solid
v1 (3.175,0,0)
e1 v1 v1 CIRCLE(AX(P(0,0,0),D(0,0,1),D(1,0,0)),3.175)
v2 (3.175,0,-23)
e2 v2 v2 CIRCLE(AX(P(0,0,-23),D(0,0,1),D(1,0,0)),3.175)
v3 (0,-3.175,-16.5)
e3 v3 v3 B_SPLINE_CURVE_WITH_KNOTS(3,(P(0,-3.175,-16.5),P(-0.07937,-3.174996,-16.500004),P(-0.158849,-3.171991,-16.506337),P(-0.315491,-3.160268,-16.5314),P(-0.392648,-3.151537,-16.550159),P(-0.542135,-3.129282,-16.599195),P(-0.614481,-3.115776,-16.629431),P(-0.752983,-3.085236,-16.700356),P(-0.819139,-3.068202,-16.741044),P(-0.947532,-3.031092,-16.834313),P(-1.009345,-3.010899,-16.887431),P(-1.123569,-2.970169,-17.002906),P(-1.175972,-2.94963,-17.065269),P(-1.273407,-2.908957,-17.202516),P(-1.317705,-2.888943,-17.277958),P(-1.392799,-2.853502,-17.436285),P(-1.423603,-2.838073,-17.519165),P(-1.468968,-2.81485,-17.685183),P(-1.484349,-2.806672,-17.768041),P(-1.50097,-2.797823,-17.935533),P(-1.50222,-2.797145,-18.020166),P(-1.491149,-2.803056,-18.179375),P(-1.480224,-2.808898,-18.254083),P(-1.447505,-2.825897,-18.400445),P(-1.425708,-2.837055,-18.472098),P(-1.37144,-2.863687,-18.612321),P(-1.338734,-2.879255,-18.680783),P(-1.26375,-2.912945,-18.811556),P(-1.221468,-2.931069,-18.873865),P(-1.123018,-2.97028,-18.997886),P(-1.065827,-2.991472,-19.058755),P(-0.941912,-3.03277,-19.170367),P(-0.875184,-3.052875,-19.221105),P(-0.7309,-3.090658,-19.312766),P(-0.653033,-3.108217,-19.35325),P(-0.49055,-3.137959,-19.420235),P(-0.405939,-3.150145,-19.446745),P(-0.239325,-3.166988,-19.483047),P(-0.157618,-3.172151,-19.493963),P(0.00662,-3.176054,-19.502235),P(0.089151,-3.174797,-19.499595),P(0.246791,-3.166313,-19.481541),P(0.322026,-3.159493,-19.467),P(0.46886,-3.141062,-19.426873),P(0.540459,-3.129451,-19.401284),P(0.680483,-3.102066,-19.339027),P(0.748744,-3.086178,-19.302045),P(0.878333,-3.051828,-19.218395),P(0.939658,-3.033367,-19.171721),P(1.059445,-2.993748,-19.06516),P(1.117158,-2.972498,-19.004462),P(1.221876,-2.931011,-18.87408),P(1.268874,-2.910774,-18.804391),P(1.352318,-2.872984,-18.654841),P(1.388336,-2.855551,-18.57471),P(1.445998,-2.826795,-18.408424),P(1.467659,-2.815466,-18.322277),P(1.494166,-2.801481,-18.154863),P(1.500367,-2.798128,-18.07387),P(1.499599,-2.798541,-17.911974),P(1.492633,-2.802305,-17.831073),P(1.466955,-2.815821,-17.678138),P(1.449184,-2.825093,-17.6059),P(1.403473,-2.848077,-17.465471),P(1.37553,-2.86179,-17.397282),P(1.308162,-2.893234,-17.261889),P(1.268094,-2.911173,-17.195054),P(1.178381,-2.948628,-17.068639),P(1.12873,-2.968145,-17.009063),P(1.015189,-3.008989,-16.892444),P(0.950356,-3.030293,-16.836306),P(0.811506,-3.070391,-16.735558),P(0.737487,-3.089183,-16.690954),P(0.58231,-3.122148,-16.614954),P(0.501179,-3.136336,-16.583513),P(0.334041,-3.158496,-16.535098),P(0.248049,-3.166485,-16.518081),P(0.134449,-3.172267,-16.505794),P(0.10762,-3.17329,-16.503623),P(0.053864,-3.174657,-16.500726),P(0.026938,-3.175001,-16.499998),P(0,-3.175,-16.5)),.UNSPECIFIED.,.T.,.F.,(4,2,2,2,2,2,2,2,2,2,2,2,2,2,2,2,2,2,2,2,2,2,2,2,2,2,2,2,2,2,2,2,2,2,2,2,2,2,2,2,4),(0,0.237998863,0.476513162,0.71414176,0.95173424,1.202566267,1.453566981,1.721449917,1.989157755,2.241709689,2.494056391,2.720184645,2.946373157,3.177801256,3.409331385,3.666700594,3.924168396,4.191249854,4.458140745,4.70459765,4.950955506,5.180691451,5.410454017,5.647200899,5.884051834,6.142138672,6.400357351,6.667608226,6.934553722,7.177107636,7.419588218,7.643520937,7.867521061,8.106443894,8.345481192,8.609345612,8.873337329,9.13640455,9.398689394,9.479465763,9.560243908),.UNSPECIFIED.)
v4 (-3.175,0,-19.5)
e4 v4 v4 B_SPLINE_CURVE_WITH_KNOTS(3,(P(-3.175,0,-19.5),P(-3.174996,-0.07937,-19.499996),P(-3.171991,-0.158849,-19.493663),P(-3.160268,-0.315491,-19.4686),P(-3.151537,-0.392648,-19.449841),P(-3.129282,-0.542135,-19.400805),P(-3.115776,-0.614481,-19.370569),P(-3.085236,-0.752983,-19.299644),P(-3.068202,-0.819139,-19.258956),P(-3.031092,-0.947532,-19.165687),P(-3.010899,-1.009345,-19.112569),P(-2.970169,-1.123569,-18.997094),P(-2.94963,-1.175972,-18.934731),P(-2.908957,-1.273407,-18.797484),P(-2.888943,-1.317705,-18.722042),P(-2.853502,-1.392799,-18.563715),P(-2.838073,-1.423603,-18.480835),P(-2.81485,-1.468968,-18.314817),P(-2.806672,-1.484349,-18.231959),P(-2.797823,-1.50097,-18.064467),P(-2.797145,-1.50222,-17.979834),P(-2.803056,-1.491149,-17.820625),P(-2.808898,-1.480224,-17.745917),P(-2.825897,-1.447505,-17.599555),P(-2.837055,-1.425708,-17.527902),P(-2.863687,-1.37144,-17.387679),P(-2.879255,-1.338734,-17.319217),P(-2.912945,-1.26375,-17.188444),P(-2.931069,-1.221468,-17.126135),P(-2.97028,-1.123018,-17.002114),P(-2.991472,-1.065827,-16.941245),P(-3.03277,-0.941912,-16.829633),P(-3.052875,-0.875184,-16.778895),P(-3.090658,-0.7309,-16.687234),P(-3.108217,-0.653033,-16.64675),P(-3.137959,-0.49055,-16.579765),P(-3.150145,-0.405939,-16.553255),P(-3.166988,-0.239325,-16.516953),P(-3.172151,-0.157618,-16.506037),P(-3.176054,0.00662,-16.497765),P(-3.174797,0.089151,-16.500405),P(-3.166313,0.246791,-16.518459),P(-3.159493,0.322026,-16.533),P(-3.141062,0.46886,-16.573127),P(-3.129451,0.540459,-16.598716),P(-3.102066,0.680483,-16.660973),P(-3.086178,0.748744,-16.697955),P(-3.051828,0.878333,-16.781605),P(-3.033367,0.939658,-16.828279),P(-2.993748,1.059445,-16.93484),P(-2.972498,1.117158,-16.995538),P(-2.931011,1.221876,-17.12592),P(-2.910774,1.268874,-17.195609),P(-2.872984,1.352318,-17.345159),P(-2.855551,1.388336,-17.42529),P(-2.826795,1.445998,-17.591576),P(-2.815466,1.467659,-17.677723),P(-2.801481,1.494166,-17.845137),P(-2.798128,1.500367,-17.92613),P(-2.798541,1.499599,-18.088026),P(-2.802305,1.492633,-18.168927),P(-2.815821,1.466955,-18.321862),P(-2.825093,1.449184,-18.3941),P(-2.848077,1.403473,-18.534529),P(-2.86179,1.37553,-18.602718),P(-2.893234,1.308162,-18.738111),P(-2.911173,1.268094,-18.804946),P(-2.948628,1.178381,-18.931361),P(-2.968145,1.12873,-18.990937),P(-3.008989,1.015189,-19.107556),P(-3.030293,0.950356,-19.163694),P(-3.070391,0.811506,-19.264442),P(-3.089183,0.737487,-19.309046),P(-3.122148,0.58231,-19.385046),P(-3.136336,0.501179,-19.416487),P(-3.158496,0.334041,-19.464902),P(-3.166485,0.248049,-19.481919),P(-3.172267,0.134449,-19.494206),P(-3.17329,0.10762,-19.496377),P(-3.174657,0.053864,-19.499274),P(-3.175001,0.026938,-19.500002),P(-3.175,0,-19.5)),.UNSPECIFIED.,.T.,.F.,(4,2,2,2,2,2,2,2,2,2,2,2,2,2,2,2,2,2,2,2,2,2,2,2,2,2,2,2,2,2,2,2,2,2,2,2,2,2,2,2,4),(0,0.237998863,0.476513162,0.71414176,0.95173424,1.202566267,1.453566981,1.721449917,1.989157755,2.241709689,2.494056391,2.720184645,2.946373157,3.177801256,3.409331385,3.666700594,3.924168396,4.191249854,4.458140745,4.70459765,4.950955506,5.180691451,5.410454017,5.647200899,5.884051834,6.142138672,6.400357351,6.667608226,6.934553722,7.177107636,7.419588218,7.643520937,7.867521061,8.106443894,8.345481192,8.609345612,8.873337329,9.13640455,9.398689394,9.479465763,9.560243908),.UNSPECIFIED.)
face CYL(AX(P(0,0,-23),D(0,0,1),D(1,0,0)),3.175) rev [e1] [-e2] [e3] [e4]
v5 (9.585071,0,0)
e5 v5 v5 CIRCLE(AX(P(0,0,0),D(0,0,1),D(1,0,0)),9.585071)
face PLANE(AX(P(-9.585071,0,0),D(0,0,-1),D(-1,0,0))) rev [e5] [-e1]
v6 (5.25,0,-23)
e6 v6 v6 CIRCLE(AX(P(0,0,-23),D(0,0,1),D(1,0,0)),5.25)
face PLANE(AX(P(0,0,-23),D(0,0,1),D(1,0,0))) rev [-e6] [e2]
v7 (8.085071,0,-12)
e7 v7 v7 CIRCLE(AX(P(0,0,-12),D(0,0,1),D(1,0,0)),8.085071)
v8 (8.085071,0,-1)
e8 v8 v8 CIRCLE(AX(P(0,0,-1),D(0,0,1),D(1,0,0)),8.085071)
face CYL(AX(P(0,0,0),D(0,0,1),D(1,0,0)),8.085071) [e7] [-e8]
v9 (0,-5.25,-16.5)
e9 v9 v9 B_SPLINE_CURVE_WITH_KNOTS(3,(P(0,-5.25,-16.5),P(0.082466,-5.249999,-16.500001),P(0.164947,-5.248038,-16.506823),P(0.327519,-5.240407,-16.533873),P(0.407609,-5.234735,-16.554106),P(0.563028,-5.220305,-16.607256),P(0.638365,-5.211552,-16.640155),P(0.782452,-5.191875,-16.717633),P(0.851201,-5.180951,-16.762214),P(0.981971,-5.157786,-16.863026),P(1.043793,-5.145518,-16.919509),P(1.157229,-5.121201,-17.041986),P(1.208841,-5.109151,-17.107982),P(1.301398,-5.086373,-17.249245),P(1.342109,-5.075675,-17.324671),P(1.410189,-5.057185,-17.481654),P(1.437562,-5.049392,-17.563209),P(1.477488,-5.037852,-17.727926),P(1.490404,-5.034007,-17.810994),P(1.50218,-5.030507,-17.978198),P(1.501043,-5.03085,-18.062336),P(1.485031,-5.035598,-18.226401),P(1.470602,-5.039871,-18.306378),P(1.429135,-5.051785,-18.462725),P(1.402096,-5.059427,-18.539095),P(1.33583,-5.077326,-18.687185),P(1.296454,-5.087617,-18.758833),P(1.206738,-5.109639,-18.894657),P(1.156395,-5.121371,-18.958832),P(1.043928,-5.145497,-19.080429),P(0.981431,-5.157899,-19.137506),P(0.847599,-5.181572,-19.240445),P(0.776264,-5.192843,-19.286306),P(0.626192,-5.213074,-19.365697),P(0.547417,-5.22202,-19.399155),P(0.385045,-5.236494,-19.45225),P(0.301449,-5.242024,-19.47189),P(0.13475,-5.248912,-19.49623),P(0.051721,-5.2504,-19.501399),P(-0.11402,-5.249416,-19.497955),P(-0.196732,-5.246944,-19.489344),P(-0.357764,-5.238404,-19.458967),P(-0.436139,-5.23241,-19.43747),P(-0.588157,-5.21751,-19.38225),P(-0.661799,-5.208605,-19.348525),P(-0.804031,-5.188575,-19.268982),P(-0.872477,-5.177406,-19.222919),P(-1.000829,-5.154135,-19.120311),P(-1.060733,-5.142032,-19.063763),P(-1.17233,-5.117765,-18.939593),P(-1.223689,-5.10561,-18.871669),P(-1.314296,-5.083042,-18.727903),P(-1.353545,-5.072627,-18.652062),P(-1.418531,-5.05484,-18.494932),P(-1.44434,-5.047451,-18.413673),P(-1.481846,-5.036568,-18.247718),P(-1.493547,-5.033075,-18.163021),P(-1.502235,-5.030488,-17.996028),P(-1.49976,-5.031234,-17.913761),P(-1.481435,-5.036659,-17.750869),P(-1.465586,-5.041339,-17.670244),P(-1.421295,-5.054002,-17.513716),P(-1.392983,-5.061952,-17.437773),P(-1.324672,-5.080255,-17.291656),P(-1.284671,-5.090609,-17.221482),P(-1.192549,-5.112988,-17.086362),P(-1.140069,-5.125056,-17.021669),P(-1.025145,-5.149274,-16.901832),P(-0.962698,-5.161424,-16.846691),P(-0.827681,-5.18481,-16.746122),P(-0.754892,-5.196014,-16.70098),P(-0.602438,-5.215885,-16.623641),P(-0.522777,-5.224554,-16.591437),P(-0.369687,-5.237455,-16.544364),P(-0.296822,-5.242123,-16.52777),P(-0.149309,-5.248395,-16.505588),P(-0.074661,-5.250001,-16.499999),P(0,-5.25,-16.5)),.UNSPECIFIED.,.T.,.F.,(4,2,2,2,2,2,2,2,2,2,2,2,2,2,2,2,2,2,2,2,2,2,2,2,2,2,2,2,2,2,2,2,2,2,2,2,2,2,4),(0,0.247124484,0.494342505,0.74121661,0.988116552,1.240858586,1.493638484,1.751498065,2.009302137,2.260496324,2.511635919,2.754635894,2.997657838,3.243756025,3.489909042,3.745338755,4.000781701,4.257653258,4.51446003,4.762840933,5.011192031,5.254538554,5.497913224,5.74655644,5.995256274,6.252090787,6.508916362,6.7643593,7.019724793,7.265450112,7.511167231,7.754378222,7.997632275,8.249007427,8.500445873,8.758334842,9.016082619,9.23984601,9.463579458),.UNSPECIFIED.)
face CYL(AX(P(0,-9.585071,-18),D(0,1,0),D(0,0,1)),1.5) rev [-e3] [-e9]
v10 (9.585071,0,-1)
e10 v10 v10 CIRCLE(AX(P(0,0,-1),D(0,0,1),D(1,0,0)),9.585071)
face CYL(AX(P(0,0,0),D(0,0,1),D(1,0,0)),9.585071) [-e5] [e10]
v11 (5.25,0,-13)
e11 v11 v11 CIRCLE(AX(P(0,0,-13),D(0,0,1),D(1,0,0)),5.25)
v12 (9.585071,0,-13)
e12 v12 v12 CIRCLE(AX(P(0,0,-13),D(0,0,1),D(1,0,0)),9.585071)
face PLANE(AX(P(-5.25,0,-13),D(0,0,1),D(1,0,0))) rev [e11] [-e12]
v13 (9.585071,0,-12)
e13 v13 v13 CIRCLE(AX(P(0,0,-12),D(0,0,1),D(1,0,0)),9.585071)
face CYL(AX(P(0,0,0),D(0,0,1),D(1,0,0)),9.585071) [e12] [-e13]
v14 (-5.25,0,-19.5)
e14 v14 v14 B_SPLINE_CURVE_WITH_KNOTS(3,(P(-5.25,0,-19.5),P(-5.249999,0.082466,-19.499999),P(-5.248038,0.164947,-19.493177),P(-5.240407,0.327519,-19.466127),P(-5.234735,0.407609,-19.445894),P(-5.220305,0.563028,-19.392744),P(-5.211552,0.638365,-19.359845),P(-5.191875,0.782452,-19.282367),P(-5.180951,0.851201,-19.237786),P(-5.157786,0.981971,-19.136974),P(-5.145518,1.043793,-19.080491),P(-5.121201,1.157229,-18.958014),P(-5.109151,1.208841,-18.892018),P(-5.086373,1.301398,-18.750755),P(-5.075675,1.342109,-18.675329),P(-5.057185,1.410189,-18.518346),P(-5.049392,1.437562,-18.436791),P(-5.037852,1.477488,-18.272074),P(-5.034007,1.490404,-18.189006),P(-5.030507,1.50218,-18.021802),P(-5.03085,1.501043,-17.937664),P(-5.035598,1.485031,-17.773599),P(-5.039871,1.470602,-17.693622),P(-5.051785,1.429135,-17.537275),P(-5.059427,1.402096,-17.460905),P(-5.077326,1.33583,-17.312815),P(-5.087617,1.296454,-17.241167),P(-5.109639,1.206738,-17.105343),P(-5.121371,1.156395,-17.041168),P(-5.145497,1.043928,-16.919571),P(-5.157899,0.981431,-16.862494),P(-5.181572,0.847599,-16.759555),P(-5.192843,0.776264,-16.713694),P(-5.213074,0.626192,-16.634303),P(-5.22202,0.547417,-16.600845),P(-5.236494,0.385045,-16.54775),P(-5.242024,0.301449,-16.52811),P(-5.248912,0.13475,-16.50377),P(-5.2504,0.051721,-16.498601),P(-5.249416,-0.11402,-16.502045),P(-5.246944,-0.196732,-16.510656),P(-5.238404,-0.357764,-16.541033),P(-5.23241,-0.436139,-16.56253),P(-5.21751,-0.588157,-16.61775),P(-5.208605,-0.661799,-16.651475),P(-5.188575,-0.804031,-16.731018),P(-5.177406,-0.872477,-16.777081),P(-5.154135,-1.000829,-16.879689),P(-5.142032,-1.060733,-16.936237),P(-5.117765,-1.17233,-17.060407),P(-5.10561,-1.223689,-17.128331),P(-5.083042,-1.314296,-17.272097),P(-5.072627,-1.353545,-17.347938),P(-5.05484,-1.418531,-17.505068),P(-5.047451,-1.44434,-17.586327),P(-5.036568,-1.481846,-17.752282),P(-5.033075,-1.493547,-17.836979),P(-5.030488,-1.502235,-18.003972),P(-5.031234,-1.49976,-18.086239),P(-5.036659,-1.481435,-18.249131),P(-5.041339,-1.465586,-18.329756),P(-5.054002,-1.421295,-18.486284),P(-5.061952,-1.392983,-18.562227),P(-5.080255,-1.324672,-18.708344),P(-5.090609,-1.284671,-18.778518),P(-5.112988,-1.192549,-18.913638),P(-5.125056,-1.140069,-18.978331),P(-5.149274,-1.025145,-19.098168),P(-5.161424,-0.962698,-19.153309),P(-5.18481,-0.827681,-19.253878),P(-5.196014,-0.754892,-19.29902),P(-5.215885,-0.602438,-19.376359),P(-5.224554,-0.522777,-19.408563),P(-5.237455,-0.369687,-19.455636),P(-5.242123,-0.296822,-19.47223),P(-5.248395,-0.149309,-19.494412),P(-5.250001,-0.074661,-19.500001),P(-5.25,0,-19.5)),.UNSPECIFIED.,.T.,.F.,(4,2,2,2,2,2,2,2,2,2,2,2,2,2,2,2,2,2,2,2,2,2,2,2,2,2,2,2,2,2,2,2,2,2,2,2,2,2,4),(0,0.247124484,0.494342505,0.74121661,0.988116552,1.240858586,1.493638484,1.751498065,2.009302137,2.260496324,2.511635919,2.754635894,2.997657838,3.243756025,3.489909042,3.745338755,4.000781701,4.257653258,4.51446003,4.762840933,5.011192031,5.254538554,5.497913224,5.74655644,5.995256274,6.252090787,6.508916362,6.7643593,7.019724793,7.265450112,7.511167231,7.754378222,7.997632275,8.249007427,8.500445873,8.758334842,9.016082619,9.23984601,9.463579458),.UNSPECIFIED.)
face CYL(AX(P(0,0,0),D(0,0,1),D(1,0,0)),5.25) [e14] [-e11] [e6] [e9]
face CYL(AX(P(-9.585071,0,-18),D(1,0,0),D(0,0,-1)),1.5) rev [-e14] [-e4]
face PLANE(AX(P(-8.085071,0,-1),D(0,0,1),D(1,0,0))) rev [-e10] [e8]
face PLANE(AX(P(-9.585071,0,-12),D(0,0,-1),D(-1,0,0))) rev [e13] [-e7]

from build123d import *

# Parameters (mm, degrees)
SKETCH2_R          = 3.175
CUT_EXTRUDE1_DEPTH = 27.697325265
SKETCH3_R          = 1.5
CUT_EXTRUDE2_DEPTH = 27.697325265
SKETCH4_R          = 1.5
CUT_EXTRUDE3_DEPTH = 27.697325352


with BuildPart() as part:
    # Sketch1 → Revolve1 (revolve)
    with BuildSketch(Plane(origin=(0, 0, 0), x_dir=(1, 0, 0), z_dir=(0, 1, 0)), mode=Mode.PRIVATE) as revolve1_sk:
        Polygon((0, 23), (-5.25, 23), (-5.25, 13), (-9.585071109, 13), (-9.585071109, 12), (-8.085071109, 12), (-8.085071109, 1), (-9.585071109, 1), (-9.585071109, 0), (0, 0), align=None)
    revolve(revolve1_sk.sketch.rotate(Axis((0, 0, 0), (0, 0, -1)), 180), axis=Axis((0, 0, 0), (0, 0, -1)))

    # Sketch2 → Cut-Extrude1 (cut, through all)
    with BuildSketch(Plane.XY):
        Circle(SKETCH2_R)
    extrude(amount=-CUT_EXTRUDE1_DEPTH, mode=Mode.SUBTRACT)

    # Sketch3 → Cut-Extrude2 (cut, through all)
    with BuildSketch(Plane(origin=(0, 0, 0), x_dir=(1, 0, 0), z_dir=(0, 1, 0))):
        with Locations(Location((0, 18, 0), (0, 0, 270))):
            Circle(SKETCH3_R)
    extrude(amount=-CUT_EXTRUDE2_DEPTH, mode=Mode.SUBTRACT)

    # Sketch4 → Cut-Extrude3 (cut, through all)
    with BuildSketch(Plane(origin=(0, 0, 0), x_dir=(0, 0, -1), z_dir=(1, 0, 0))):
        with Locations((18, 0)):
            Circle(SKETCH4_R)
    extrude(amount=-CUT_EXTRUDE3_DEPTH, mode=Mode.SUBTRACT)


solid = part.part
